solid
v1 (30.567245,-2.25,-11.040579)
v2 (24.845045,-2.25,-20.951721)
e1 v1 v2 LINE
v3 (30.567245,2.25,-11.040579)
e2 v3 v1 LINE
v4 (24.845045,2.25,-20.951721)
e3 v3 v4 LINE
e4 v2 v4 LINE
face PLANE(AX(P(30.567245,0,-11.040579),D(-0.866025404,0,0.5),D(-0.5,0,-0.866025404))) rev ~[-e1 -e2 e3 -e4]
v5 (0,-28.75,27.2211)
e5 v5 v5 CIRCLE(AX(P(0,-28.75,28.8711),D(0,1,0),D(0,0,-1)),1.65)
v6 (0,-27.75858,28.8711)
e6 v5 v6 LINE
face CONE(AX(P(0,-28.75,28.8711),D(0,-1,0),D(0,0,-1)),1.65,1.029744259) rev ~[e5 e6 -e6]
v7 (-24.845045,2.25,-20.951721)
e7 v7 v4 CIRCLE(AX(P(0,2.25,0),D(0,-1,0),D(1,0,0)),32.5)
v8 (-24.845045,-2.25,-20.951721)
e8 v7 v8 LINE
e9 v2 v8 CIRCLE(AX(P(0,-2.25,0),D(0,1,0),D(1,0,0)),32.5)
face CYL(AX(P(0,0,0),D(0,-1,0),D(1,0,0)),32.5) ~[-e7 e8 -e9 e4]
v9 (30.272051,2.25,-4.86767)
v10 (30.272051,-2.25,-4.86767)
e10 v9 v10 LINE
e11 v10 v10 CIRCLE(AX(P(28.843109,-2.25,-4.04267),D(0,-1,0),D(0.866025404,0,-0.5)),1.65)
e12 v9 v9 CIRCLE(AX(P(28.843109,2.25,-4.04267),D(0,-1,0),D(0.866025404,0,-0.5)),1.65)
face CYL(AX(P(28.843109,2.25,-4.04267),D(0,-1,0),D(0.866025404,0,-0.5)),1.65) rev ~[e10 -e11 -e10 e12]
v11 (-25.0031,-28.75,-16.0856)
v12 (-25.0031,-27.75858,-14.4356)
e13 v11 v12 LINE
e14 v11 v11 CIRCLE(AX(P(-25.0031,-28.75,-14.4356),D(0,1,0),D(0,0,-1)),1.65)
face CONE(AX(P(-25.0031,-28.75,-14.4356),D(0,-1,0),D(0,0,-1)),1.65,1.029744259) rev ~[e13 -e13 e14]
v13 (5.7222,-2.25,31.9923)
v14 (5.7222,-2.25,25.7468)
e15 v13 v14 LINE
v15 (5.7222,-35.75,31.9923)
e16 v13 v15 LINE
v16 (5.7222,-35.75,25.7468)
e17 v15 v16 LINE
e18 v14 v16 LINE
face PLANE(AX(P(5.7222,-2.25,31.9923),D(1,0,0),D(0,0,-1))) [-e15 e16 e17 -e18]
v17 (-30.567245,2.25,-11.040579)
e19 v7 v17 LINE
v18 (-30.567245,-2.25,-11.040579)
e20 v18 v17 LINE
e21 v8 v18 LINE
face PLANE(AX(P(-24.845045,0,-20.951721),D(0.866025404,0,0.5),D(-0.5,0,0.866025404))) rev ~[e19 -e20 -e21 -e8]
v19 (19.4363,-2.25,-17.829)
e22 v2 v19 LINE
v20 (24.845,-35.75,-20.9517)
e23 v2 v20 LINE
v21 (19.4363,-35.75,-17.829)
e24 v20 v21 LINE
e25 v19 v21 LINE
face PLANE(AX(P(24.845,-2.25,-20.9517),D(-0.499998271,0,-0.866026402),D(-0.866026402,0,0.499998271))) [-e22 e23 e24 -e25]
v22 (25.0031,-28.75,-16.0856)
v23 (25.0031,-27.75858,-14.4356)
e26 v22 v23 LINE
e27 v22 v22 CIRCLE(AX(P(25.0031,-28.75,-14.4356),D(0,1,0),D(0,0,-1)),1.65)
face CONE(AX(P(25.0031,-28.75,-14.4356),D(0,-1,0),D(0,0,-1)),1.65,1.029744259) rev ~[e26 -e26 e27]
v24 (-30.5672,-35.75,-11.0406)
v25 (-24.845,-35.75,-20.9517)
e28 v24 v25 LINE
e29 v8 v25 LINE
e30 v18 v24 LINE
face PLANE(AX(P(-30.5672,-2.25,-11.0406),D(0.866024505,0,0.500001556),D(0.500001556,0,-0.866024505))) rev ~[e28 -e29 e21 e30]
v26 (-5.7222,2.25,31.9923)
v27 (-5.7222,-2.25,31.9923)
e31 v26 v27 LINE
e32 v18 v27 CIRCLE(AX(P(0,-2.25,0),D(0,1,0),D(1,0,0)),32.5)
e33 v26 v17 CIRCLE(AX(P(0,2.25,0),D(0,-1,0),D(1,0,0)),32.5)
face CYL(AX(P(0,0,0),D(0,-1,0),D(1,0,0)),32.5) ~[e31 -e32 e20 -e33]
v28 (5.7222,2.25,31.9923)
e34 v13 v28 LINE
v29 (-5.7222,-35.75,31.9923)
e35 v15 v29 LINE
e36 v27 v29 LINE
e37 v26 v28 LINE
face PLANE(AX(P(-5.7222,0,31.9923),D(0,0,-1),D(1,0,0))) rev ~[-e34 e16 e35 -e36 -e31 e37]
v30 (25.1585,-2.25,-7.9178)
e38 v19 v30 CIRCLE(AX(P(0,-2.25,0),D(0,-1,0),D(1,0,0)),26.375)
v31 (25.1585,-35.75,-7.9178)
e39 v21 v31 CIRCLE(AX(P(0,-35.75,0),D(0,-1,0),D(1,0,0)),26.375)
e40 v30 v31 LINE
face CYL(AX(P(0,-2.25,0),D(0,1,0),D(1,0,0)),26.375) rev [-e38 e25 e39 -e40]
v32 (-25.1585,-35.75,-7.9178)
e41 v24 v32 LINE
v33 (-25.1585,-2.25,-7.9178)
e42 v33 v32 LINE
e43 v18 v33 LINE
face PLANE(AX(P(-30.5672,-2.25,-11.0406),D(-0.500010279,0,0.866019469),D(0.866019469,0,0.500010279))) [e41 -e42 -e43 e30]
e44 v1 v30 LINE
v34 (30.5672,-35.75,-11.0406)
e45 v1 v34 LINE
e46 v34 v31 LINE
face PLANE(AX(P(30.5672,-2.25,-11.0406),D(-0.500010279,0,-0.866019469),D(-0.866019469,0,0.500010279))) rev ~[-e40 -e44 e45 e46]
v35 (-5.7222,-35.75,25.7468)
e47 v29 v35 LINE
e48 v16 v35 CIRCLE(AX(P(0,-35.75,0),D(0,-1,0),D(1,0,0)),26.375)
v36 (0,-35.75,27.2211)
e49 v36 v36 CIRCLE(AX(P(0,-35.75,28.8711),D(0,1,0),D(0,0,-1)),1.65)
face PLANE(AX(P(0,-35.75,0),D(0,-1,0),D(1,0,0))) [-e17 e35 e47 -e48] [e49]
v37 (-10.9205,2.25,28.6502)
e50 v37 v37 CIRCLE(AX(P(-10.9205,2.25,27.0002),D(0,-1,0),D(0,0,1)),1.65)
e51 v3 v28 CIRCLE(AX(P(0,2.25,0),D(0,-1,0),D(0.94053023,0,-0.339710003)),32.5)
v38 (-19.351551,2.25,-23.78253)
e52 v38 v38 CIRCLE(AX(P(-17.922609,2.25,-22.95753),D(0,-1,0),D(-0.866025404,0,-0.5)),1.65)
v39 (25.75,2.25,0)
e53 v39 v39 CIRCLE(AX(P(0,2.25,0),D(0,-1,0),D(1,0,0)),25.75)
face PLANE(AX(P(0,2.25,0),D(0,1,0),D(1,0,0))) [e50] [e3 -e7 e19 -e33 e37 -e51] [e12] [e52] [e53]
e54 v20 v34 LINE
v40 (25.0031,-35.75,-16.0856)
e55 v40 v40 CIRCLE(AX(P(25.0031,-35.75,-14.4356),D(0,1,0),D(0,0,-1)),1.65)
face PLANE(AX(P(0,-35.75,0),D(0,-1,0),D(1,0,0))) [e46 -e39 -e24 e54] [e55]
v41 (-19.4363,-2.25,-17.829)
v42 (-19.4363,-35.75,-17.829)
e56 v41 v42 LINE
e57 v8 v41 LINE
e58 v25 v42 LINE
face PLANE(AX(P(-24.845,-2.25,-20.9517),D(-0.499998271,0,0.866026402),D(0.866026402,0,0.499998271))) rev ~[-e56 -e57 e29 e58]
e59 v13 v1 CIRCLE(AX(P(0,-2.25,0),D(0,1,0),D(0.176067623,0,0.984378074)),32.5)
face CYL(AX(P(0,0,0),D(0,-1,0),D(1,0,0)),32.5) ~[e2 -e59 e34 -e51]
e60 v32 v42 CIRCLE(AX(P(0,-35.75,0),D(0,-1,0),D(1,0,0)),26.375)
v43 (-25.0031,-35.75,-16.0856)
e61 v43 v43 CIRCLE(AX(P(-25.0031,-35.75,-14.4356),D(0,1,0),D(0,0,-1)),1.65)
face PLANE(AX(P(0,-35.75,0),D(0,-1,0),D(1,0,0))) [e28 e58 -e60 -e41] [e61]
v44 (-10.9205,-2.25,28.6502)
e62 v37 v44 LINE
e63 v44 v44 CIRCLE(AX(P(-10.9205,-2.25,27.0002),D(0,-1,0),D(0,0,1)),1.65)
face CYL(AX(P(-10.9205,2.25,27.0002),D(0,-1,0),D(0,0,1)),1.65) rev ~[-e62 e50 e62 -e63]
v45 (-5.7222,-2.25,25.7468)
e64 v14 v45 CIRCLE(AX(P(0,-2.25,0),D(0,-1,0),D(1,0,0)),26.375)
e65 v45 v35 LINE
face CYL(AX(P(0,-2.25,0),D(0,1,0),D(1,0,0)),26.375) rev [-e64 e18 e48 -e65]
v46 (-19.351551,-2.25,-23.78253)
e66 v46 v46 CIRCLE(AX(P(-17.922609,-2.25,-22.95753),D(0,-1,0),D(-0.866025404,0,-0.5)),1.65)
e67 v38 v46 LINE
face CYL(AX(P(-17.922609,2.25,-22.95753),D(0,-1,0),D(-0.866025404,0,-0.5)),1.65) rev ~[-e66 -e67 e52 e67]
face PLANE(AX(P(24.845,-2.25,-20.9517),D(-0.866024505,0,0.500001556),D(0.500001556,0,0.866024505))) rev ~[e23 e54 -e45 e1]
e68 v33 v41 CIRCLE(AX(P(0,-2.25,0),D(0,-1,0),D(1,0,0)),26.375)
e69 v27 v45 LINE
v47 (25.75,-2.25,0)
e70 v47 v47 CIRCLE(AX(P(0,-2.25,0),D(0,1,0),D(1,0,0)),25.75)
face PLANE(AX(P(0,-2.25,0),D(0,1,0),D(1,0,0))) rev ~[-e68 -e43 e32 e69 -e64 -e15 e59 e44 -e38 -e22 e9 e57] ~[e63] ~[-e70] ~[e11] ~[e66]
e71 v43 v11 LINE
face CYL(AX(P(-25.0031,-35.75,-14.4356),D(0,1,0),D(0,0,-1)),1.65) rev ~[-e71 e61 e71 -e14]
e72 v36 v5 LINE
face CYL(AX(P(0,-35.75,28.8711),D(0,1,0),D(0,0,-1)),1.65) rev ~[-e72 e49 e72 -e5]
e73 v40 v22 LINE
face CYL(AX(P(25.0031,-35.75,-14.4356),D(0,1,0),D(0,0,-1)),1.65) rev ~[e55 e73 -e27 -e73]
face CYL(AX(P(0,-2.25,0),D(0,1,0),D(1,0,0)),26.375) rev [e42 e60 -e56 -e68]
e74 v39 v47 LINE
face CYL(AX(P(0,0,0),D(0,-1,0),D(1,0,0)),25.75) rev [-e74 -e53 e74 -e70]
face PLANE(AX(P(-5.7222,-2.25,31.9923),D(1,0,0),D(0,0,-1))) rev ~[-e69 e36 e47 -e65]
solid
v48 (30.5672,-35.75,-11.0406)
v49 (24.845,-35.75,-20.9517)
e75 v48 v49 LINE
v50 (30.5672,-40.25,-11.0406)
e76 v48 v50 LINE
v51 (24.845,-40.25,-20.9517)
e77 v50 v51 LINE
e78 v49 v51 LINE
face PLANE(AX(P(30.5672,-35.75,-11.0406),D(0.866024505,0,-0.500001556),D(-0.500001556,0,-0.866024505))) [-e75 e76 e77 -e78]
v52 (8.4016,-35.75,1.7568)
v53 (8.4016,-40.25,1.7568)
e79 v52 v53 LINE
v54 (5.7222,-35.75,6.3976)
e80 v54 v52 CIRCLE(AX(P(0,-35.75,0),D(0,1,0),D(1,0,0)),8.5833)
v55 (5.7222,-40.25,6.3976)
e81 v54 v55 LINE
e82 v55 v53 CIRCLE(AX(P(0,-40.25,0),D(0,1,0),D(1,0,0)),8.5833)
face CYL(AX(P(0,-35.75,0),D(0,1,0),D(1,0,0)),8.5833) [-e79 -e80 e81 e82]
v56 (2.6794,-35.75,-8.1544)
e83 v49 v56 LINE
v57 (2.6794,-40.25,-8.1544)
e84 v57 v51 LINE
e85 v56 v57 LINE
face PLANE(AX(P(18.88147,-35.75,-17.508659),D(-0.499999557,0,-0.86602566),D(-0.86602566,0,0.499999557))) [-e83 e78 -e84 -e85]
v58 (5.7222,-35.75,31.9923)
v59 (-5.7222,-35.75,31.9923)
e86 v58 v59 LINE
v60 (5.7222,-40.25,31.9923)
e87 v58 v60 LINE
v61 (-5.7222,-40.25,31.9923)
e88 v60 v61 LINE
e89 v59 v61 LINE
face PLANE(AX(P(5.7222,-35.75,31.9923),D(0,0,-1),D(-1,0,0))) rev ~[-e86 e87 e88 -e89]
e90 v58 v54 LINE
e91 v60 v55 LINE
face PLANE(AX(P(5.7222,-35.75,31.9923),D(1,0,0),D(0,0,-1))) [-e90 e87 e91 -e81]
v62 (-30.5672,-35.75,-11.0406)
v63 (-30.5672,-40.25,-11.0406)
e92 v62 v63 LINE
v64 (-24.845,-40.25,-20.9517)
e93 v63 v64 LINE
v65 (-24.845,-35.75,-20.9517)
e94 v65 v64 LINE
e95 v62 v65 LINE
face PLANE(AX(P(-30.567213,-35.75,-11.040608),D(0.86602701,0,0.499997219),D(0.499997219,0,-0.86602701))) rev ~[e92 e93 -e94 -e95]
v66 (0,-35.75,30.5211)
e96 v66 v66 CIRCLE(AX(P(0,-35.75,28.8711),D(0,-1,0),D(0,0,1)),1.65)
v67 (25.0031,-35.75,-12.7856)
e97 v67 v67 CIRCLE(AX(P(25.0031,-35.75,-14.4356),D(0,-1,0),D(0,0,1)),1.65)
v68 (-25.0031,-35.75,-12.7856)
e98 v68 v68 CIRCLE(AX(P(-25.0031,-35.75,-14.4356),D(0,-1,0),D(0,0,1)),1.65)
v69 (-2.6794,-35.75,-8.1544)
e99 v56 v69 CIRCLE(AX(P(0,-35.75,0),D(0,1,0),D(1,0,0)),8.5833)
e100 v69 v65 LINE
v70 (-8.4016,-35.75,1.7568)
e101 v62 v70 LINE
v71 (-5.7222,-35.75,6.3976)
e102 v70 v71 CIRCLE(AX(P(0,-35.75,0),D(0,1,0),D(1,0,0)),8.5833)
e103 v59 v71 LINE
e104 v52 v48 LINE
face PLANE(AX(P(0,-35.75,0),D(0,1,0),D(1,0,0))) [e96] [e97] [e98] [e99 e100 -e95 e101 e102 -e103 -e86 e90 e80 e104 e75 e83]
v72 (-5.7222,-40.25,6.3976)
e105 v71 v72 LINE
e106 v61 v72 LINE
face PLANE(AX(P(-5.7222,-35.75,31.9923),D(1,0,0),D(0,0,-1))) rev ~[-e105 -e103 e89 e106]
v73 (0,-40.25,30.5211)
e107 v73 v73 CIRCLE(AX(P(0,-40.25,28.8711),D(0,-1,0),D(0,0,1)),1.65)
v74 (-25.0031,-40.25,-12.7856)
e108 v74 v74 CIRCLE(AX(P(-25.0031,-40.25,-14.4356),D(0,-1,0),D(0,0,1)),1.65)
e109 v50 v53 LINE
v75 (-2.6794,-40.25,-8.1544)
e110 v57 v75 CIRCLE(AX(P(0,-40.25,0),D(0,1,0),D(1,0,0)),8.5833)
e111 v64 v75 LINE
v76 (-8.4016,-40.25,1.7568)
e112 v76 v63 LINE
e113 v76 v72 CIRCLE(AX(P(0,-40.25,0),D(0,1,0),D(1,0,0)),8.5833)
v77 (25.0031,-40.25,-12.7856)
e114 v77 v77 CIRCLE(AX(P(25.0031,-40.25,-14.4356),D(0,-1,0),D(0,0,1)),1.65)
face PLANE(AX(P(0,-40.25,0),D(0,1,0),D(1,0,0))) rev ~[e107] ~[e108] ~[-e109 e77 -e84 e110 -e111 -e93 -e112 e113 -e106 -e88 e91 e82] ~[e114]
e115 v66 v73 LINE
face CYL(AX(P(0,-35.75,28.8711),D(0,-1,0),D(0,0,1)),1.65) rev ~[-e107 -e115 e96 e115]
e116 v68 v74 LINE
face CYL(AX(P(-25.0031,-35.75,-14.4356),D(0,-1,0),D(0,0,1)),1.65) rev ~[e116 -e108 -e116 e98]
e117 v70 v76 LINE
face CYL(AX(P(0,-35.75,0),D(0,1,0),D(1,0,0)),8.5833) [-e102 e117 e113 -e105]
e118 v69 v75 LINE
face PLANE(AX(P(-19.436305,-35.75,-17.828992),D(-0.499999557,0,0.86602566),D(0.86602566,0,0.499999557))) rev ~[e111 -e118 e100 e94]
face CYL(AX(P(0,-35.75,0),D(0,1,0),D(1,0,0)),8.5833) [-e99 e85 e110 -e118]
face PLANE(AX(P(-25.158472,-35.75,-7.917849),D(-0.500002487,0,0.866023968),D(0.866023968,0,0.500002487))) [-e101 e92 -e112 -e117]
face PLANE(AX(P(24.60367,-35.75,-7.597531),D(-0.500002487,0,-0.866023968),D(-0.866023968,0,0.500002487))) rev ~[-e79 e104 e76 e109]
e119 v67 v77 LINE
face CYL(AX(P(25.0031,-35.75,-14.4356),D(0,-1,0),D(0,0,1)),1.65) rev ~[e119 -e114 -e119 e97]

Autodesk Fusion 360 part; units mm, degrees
sketch "Sketch1" plane through (0, 0, 0) normal (0, 1, 0) x (1, 0, 0)
  circle A0 centre (0, 0) radius 25.75
  line L0 (0, 0) -> (0, -25.75) construction
  line L1 (0, -30.75) -> (0, -25.75) construction
  line L2 (5.7222, -25.75) -> (-5.7222, -25.75)
  line L3 (-5.7222, -25.75) -> (-5.7222, -31.9923)
  line L4 (-5.7222, -31.9923) -> (5.7222, -31.9923)
  line L5 (5.7222, -31.9923) -> (5.7222, -25.75)
  circle A1 centre (0, 0) radius 32.5
  dimension "d1" = 51.5
  dimension "d62" = 11.4444
  dimension "d83" = 65
extrude "Extrude1" add sketch "Sketch1" along normal mid plane 4.5 makes body 1
extrude "Extrude6" cut sketch "Sketch1" along normal up to surface (2.25 mm away) and the other way up to surface (2.25 mm away) contours L4 A1 bodies 1
pattern_circular "C-Pattern2" count 3 over 360 about axis through (0, 1.75, 0) along (0, 1, 0) of "Extrude6"
ref_plane "WorkPlane1" through (0, 2.25, 0) normal (0, 1, 0) x (1, 0, 0)
sketch "Sketch10" plane through (0, -2.25, 0) normal (0, -1, 0) x (1, 0, 0)
  line L0 (-30.5672, -11.0406) -> (-24.845, -20.9517)
  arc A0 (-24.845, -20.9517) -> (24.845, -20.9517) centre (0, 0) ccw
  line L1 (24.845, -20.9517) -> (30.5672, -11.0406)
  arc A1 (30.5672, -11.0406) -> (5.7222, 31.9923) centre (0, 0) ccw
  line L2 (5.7222, 31.9923) -> (-5.7222, 31.9923)
  arc A2 (-5.7222, 31.9923) -> (-30.5672, -11.0406) centre (0, 0) ccw
  circle A3 centre (0, 0) radius 25.75
  line L3 (-5.7222, 31.9923) -> (-5.7222, 25.7468)
  line L4 (5.7222, 31.9923) -> (5.7222, 25.7468)
  line L5 (-24.845, -20.9517) -> (-19.4363, -17.829)
  line L6 (-30.5672, -11.0406) -> (-25.1585, -7.9178)
  line L7 (-30.5672, -11.0406) -> (-24.845, -20.9517)
  line L8 (30.5672, -11.0406) -> (25.1585, -7.9178)
  line L9 (24.845, -20.9517) -> (19.4363, -17.829)
  line L10 (24.845, -20.9517) -> (30.5672, -11.0406)
  circle A4 centre (0, 0) radius 26.375
  dimension "d90" = 360
  dimension "d91" = 52.75
extrude "Extrude2" add sketch "Sketch10" along normal blind 33.5 contours L0 L5 L6 L7 A4 | L2 L3 L4 A4 | L1 L8 L9 L10 A4 bodies 1
sketch "Sketch3" plane through (0, -35.75, 0) normal (0, 1, 0) x (1, 0, 0)
  line L0 (0, -1.75) -> (0, -22.5)
  line L1 (-5.7222, -31.9923) -> (-5.7222, -6.3976)
  line L2 (5.7222, -31.9923) -> (5.7222, -6.3976)
  circle A0 centre (0, 0) radius 32.5
  line L3 (24.845, 20.9517) -> (2.6794, 8.1544)
  line L4 (30.5672, 11.0406) -> (8.4016, -1.7568)
  line L5 (-30.5672, 11.0406) -> (-8.4016, -1.7568)
  line L6 (-24.845, 20.9517) -> (-2.6794, 8.1544)
  circle A1 centre (0, 0) radius 8.5833
  line L7 (30.5672, 11.0406) -> (24.845, 20.9517)
  line L8 (24.845, 20.9517) -> (24.3966, 21.7285)
  line L9 (24.3966, 21.7285) -> (30.6869, 10.8333)
  line L10 (30.6869, 10.8333) -> (30.5672, 11.0406)
  line L11 (-24.7254, 21.159) -> (-24.845, 20.9517)
  line L12 (-31.0157, 10.2638) -> (-24.7254, 21.159)
  line L13 (-30.5672, 11.0406) -> (-31.0157, 10.2638)
  line L14 (-5.9616, -31.9923) -> (-5.7222, -31.9923)
  line L15 (6.6191, -31.9923) -> (-5.9616, -31.9923)
  line L16 (5.7222, -31.9923) -> (6.6191, -31.9923)
  arc A2 (24.8108, 6.8911) -> (18.3733, 18.0412) centre (0, 0) ccw
  line L17 (-25.1585, 7.9178) -> (-30.5672, 11.0406)
  line L18 (-30.5672, 11.0406) -> (-24.845, 20.9517)
  line L19 (-24.845, 20.9517) -> (-19.4363, 17.829)
  line L20 (27.7061, 15.9961) -> (22.3002, 12.875) construction
  arc A3 (-19.4363, 17.829) -> (-25.1585, 7.9178) centre (0, 0) ccw
  point P0 (25.0031, 14.4356)
  point P1 (-25.0031, 14.4356)
  point P2 (0, -28.8711)
  dimension "d21" = 5.7222
  dimension "d22" = 65
  dimension "d24" = 360
  dimension "d26" = 17.1667
  dimension "d44" = 360
  dimension "d55" = 360
extrude "Extrude3" add sketch "Sketch3" against normal blind 4.5 separate body contours L1 L2 A1 L15 | A1 | L5 L6 L12 L17 L18 L19 A3 | L5 L6 A1 A3 | L3 L4 L7 L9 A2 | L3 L4 A1 A2 makes body 2
hole "Hole1" at (25.0031, -35.75, -14.4356) at (-25.0031, -35.75, -14.4356) at (0, -35.75, 28.8711) direction (0, -1, 0) diameter 3.3 end up to surface (4.5 mm away) bodies 2
hole "Hole5" at (-25.0031, -35.75, -14.4356) at (0, -35.75, 28.8711) at (25.0031, -35.75, -14.4356) direction (0, 1, 0) diameter 3.3 depth 7 tip angle 118 bodies 1
sketch "Sketch9" plane through (0, 2.25, 0) normal (0, 1, 0) x (1, 0, 0)
  arc A0 (-30.5672, 11.0406) -> (-5.7222, -31.9923) centre (0, 0) ccw
  arc A1 (5.7222, -6.3976) -> (8.4016, -1.7568) centre (0, 0) ccw
  line L0 (5.7222, -31.9923) -> (5.7222, -6.3976)
  line L1 (-5.7222, -31.9923) -> (5.7222, -31.9923)
  line L2 (-5.7222, -6.3976) -> (-5.7222, -31.9923)
  arc A2 (-8.4016, -1.7568) -> (-5.7222, -6.3976) centre (0, 0) ccw
  line L3 (-30.5672, 11.0406) -> (-8.4016, -1.7568)
  line L4 (-24.845, 20.9517) -> (-30.5672, 11.0406)
  line L5 (-2.6794, 8.1544) -> (-24.845, 20.9517)
  arc A3 (2.6794, 8.1544) -> (-2.6794, 8.1544) centre (0, 0) ccw
  line L6 (24.845, 20.9517) -> (2.6794, 8.1544)
  line L7 (30.5672, 11.0406) -> (24.845, 20.9517)
  line L8 (8.4016, -1.7568) -> (30.5672, 11.0406)
  line L9 (0, 0) -> (-10.9205, -27.0002) construction
  line L10 (-24.845, 20.9517) -> (-30.5672, 11.0406)
  line L11 (-5.7222, -31.9923) -> (5.7222, -31.9923)
  line L12 (30.5672, 11.0406) -> (24.845, 20.9517)
  circle A4 centre (0, 0) radius 25.75
  arc A5 (5.7222, -31.9923) -> (30.5672, 11.0406) centre (0, 0) ccw
  arc A6 (24.845, 20.9517) -> (-24.845, 20.9517) centre (0, 0) ccw
  circle A7 centre (-25.0031, 14.4356) radius 1.65
  circle A8 centre (25.0031, 14.4356) radius 1.65
  circle A9 centre (0, -28.8711) radius 1.65
  line L13 (-9.655, -23.8714) -> (-12.186, -30.1289) construction
hole "Hole6" at (-10.9205, 2.25, 27.0002) direction (0, -1, 0) diameter 3.3 end up to surface (4.5 mm away) bodies 1
pattern_circular "C-Pattern4" count 3 over 360 about axis through (0, 1.75, 0) along (0, 1, 0) of "Hole6"
equation "d1 = InsideCircle"
equation "d3 = MiddleHeight"
equation "OutsideCircle = 65 mm"
equation "InsideCircle = 51.5 mm"
equation "ColumnWidth = InsideCircle / 4.5"
equation "d14 = Height - MiddleHeight + 8 mm"
equation "d21 = ColumnWidth / 2"
equation "d22 = OutsideCircle"
equation "d26 = InsideCircle / 3"
equation "MountHeights = 4.5 mm"
equation "InsertA = 3.5 mm"
equation "d56 = InsertA - 0.2 mm"
equation "d62 = ColumnWidth"
equation "SpeakerNonGrillHeight = 36 mm"
equation "MiddleHeight = 4.5 mm"
equation "d83 = OutsideCircle"
equation "Height = 30 mm"
equation "SpeakerD = 52.5 mm"
equation "d91 = SpeakerD + 0.25 mm"
equation "d93 = InsertA - 0.2 mm"
